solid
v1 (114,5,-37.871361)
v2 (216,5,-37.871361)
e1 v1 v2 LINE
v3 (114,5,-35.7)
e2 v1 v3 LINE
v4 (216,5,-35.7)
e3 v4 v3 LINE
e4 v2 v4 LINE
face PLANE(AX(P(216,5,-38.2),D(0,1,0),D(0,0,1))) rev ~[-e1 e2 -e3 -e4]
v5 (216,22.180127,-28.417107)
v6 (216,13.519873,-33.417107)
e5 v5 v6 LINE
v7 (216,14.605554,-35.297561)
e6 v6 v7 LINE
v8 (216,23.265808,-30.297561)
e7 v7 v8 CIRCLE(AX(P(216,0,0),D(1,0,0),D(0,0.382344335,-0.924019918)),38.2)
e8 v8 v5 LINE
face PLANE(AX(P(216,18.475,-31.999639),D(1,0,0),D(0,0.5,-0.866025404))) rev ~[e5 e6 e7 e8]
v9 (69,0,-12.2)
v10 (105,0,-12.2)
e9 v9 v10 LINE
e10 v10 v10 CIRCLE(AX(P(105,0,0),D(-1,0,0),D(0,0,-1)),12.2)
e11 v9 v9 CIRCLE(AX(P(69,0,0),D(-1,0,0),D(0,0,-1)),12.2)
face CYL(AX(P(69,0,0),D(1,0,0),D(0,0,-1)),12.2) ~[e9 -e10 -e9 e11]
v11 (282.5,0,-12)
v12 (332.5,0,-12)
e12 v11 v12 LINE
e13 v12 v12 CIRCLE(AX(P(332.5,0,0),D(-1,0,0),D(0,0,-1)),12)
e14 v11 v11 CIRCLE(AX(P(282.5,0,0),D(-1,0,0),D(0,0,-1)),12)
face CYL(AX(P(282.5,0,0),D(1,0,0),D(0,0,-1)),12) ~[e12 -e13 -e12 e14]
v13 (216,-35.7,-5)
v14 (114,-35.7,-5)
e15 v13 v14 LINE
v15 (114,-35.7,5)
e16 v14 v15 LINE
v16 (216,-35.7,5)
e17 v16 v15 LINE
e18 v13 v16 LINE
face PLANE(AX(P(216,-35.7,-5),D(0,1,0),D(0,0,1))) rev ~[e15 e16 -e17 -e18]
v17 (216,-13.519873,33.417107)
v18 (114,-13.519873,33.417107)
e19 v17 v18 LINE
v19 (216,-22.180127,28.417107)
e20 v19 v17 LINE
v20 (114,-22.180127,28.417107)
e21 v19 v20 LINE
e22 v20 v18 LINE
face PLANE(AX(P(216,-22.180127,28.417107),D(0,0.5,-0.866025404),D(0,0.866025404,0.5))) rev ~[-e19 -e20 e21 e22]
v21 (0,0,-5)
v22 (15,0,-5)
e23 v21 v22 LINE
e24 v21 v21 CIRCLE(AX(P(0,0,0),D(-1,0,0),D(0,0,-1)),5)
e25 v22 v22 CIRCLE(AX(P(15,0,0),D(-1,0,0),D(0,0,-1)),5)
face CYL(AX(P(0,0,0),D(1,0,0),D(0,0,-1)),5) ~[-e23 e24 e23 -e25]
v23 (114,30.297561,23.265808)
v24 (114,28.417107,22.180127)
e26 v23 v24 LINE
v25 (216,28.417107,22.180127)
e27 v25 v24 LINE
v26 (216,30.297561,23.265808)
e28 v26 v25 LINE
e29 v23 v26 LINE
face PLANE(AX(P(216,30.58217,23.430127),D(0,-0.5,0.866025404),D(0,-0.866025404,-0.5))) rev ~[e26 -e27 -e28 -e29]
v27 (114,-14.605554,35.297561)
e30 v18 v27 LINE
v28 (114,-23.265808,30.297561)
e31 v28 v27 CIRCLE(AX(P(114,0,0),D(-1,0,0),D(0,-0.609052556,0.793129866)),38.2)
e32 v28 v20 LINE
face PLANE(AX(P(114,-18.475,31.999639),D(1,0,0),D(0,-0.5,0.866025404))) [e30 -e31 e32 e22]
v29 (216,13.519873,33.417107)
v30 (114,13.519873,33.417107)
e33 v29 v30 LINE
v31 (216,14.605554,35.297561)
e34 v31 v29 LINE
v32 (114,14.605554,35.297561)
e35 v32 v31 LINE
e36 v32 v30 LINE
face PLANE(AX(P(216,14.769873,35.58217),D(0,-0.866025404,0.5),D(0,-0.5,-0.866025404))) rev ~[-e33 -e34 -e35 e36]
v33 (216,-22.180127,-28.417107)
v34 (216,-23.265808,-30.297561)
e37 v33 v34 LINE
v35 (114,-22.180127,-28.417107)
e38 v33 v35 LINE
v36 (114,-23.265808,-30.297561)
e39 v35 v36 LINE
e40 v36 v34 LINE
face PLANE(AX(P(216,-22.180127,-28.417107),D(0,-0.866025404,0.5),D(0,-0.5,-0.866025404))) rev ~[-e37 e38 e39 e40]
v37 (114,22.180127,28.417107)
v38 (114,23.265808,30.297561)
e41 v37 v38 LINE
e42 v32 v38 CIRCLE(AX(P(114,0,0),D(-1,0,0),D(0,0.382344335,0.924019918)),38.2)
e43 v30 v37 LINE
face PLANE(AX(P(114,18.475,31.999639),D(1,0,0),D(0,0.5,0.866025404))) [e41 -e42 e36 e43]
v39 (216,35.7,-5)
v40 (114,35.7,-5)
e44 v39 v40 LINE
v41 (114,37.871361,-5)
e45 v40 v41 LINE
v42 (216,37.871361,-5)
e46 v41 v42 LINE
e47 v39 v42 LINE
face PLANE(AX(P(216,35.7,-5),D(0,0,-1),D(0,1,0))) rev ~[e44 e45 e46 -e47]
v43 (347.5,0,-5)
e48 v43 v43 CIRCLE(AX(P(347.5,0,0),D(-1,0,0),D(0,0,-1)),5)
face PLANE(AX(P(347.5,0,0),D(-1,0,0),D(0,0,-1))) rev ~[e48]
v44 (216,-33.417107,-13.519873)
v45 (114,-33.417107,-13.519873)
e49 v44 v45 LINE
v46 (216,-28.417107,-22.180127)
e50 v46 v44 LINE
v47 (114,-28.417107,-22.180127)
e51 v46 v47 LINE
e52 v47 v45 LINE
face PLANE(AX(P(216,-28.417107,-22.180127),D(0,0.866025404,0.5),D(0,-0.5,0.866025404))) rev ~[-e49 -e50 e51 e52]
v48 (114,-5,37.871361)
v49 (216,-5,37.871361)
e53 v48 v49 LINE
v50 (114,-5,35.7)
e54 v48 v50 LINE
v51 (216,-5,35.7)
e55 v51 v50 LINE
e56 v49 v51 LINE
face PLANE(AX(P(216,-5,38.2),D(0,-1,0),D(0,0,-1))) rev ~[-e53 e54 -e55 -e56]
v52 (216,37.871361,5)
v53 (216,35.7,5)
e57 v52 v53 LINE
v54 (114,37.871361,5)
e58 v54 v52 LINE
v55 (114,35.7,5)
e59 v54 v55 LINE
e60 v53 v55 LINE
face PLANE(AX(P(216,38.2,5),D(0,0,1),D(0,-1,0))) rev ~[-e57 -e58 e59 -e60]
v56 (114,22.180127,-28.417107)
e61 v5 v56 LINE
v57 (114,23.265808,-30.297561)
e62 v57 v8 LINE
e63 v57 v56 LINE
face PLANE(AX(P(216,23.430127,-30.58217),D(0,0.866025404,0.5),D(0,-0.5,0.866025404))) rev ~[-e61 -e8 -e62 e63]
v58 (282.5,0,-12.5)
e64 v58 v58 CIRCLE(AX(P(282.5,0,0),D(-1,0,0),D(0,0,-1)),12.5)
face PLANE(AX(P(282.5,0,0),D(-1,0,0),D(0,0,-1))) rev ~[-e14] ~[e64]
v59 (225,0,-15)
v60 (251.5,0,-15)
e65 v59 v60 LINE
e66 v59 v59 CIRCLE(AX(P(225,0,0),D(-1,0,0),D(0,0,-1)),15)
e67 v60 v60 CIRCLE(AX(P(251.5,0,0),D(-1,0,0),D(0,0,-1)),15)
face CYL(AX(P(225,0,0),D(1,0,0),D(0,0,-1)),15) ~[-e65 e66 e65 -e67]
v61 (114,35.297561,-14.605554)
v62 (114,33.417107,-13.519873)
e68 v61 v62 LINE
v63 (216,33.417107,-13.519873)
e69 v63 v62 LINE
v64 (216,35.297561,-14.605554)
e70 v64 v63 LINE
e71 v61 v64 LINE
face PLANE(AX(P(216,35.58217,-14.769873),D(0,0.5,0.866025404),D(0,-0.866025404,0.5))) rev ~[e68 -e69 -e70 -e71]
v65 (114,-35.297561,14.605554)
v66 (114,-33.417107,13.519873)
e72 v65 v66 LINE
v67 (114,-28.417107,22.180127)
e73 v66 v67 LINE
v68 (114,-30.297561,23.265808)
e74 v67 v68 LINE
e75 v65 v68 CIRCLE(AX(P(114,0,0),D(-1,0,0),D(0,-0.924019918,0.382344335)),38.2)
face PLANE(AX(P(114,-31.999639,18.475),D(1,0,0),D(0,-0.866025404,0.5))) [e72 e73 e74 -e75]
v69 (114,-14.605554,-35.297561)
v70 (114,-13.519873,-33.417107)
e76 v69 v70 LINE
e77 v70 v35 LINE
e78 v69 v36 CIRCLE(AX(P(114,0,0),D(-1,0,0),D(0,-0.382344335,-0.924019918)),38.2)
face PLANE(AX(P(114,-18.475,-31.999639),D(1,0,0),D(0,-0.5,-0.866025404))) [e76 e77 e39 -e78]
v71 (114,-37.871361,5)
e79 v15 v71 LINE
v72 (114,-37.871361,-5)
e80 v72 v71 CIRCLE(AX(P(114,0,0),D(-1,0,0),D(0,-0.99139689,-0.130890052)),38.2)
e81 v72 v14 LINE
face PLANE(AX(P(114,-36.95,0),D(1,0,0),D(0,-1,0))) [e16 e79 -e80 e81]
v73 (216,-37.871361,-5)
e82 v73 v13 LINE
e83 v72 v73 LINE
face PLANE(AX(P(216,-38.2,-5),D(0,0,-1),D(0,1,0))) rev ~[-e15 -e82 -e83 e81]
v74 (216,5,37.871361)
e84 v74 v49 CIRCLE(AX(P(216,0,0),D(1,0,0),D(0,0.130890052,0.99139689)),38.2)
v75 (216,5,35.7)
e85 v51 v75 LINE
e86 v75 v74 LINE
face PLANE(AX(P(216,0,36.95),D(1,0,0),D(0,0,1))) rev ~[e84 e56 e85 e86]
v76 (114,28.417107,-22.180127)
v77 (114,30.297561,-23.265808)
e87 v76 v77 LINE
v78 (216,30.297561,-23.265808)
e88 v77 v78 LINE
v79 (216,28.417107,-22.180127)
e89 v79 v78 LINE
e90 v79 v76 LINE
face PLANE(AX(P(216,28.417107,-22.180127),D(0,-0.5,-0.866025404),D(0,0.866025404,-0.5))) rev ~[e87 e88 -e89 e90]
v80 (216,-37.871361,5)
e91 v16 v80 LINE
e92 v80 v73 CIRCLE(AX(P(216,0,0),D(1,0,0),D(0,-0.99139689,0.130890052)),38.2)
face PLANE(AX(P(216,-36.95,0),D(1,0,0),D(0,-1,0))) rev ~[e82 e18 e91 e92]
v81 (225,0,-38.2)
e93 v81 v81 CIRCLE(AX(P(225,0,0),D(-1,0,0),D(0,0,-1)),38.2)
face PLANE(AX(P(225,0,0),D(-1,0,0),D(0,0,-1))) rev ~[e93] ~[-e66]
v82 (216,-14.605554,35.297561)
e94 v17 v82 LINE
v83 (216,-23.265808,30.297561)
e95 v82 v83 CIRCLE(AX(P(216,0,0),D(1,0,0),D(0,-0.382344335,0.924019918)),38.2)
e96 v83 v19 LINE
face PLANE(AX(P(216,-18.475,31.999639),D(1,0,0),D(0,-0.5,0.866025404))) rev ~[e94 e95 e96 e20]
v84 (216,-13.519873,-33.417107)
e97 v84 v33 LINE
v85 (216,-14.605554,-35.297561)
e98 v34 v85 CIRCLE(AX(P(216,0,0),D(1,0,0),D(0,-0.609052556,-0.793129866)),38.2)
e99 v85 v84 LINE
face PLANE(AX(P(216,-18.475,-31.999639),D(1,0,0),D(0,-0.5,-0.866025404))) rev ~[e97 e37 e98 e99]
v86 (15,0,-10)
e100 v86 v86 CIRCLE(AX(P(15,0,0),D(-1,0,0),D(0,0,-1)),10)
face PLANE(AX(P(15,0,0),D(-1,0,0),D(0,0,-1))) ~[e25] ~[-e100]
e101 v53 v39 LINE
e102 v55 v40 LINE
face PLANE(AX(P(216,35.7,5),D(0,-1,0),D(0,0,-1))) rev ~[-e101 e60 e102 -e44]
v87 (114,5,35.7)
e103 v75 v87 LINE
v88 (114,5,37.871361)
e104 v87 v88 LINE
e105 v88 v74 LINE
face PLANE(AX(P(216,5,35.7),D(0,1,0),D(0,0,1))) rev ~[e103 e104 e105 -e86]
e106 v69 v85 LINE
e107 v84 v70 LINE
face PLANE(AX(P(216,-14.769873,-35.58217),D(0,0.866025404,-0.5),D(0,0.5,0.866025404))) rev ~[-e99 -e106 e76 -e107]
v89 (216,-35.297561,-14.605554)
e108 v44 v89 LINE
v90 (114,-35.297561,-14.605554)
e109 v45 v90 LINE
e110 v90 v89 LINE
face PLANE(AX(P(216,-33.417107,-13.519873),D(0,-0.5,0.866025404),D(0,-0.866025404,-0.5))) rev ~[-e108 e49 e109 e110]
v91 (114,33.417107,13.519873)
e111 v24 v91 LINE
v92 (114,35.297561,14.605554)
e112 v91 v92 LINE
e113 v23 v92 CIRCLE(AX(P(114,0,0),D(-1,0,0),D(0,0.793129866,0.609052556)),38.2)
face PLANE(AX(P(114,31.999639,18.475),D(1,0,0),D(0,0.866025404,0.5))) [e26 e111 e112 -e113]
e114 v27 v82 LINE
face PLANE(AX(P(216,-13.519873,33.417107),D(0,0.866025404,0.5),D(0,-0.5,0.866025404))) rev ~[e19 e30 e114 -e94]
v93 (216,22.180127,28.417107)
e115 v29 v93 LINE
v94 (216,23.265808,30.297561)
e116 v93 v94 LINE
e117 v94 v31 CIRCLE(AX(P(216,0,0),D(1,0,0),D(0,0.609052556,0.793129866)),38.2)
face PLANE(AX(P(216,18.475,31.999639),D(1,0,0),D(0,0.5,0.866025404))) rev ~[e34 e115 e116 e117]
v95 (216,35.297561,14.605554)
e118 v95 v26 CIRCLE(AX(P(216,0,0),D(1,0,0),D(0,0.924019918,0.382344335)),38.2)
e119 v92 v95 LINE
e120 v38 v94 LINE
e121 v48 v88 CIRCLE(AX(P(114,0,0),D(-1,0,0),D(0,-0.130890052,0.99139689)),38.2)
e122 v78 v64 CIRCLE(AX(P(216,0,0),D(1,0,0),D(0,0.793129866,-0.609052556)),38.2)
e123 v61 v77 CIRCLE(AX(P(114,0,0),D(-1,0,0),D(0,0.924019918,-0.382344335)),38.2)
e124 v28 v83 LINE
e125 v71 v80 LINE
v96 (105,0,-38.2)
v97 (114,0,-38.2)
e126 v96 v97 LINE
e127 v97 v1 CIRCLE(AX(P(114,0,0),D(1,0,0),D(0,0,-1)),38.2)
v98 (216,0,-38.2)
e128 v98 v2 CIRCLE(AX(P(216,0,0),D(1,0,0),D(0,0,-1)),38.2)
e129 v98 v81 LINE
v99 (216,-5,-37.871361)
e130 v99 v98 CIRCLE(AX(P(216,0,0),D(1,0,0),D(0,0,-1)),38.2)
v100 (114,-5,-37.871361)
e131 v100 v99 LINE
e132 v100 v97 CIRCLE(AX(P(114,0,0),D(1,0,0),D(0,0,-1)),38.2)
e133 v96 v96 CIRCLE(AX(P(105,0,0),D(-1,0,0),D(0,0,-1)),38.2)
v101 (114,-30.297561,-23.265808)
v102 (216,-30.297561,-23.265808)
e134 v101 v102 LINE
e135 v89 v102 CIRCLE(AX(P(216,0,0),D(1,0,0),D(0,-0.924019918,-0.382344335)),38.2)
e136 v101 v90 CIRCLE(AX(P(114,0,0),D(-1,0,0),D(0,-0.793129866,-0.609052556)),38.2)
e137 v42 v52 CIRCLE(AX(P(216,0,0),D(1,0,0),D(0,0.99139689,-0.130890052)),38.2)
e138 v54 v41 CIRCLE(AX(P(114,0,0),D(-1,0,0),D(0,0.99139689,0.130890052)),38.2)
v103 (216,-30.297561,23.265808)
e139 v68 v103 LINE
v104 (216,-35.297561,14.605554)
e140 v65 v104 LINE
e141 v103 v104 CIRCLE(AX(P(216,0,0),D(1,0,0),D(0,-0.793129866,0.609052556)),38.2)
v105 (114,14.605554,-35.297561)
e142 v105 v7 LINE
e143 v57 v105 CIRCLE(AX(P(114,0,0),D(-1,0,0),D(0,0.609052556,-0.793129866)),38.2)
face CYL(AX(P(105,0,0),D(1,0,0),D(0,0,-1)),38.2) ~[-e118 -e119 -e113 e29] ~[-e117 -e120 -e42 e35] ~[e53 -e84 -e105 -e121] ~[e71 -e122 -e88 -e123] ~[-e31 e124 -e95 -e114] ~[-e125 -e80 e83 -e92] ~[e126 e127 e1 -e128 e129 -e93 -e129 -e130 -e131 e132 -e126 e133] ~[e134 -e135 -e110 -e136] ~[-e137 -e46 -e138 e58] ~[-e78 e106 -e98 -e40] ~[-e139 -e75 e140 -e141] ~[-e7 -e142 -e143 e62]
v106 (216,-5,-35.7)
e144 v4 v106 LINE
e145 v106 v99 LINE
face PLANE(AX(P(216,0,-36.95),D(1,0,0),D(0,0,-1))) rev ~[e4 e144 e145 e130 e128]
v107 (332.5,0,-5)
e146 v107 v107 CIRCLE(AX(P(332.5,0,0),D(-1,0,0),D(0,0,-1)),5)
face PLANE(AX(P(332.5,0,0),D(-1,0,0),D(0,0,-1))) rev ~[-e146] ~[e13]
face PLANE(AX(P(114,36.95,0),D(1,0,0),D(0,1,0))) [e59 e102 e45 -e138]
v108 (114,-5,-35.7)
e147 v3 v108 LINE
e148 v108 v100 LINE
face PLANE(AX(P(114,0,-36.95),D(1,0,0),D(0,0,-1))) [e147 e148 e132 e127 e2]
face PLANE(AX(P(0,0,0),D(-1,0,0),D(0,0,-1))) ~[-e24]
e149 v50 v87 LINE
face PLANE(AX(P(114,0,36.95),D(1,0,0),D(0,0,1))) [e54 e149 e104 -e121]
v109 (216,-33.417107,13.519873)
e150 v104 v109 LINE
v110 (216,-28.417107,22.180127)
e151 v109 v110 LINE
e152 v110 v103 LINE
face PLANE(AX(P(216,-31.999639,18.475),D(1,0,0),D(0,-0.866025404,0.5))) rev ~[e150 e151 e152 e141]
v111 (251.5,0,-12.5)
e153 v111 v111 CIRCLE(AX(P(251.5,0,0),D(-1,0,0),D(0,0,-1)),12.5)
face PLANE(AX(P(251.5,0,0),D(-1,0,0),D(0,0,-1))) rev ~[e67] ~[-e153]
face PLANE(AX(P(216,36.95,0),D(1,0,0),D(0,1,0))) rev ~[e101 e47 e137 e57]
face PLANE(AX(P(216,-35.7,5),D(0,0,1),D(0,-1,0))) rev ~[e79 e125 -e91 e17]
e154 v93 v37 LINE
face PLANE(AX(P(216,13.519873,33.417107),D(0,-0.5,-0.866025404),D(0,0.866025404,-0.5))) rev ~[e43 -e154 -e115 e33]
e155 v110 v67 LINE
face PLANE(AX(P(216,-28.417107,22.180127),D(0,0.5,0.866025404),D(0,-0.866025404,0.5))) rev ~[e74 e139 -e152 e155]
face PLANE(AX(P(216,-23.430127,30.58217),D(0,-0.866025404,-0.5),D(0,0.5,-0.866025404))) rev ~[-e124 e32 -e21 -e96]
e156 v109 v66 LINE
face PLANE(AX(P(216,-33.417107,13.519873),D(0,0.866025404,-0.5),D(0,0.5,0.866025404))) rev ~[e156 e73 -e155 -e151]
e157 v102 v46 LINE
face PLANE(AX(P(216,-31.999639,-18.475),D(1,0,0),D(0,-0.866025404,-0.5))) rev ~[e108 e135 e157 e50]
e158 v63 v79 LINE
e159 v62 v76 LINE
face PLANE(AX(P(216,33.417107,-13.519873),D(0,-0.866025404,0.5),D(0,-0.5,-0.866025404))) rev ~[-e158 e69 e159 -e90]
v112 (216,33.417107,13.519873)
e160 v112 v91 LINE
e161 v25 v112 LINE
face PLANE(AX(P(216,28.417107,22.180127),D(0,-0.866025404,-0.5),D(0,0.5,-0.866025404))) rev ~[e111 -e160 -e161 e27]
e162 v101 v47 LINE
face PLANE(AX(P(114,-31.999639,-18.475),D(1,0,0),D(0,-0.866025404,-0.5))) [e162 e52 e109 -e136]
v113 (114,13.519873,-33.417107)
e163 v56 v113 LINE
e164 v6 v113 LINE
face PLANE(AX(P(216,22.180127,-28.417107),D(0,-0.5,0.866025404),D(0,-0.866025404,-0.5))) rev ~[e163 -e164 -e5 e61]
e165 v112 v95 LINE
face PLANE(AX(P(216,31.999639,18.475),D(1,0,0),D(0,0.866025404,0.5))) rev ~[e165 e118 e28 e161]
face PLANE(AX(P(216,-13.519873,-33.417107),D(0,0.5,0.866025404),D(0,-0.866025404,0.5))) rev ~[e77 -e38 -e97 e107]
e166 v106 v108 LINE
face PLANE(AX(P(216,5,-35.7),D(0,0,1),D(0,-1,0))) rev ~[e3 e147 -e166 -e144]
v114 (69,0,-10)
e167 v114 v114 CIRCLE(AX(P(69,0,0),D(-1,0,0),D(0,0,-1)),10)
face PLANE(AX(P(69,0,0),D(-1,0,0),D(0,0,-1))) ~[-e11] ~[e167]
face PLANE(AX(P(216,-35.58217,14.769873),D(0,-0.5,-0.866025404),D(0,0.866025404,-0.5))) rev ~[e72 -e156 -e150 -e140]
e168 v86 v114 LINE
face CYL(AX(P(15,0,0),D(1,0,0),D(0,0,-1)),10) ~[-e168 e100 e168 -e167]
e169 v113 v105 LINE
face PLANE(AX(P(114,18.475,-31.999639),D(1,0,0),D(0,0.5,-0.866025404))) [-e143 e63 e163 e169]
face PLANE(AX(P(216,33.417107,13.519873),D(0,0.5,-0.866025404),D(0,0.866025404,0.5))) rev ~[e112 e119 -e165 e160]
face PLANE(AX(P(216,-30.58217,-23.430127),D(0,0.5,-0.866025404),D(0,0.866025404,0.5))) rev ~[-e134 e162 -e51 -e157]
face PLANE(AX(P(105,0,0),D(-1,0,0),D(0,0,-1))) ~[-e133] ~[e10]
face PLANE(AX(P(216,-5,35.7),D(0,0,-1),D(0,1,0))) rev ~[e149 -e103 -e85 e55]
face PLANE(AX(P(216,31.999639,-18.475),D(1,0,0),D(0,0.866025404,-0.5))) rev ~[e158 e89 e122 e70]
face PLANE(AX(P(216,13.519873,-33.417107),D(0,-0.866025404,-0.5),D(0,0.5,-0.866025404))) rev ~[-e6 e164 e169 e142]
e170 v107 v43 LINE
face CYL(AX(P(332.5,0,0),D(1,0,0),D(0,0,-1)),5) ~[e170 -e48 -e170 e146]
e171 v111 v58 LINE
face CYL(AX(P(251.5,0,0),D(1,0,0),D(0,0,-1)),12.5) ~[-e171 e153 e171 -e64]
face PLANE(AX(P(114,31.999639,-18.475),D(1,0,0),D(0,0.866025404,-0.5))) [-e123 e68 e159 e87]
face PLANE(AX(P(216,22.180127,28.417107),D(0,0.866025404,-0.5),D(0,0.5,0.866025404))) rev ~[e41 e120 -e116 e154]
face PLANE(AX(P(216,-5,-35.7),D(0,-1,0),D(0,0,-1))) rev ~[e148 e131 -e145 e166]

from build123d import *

# Parameters (mm, degrees)
CUT_EXTRUDE2_DEPTH = 102
CIRPATTERN2_COUNT  = 12


with BuildPart() as part:
    # Sketch1 → Revolve1 (revolve)
    with BuildSketch(Plane.XY, mode=Mode.PRIVATE) as revolve1_sk:
        Polygon((0, 0), (0, 5), (15, 5), (15, 10), (69, 10), (69, 12.2), (105, 12.2), (105, 38.2), (225, 38.2), (225, 15), (251.5, 15), (251.5, 12.5), (282.5, 12.5), (282.5, 12), (332.5, 12), (332.5, 5), (347.5, 5), (347.5, 0), align=None)
    revolve(revolve1_sk.sketch.rotate(Axis((347.5, 0, 0), (-1, 0, 0)), 90), axis=Axis((347.5, 0, 0), (-1, 0, 0)))  # turned: the seam where the file's is

    # Sketch2 → Cut-Extrude2 (cut)
    with BuildSketch(Plane(origin=(216, 0, 0), x_dir=(0, 0, -1), z_dir=(1, 0, 0))):
        Polygon((38.2, 0), (38.2, 5), (35.7, 5), (35.7, -5), (38.2, -5), align=None)
    cut_extrude2 = extrude(amount=-CUT_EXTRUDE2_DEPTH, mode=Mode.SUBTRACT)

    # CirPattern2: Cut-Extrude2 ×12 about axis
    cirpattern2_axis = Axis((0, 0, 0), (1, 0, 0))
    for i in range(1, CIRPATTERN2_COUNT):
        add(cut_extrude2.rotate(cirpattern2_axis, i * 360 / CIRPATTERN2_COUNT), mode=Mode.SUBTRACT)


solid = part.part
